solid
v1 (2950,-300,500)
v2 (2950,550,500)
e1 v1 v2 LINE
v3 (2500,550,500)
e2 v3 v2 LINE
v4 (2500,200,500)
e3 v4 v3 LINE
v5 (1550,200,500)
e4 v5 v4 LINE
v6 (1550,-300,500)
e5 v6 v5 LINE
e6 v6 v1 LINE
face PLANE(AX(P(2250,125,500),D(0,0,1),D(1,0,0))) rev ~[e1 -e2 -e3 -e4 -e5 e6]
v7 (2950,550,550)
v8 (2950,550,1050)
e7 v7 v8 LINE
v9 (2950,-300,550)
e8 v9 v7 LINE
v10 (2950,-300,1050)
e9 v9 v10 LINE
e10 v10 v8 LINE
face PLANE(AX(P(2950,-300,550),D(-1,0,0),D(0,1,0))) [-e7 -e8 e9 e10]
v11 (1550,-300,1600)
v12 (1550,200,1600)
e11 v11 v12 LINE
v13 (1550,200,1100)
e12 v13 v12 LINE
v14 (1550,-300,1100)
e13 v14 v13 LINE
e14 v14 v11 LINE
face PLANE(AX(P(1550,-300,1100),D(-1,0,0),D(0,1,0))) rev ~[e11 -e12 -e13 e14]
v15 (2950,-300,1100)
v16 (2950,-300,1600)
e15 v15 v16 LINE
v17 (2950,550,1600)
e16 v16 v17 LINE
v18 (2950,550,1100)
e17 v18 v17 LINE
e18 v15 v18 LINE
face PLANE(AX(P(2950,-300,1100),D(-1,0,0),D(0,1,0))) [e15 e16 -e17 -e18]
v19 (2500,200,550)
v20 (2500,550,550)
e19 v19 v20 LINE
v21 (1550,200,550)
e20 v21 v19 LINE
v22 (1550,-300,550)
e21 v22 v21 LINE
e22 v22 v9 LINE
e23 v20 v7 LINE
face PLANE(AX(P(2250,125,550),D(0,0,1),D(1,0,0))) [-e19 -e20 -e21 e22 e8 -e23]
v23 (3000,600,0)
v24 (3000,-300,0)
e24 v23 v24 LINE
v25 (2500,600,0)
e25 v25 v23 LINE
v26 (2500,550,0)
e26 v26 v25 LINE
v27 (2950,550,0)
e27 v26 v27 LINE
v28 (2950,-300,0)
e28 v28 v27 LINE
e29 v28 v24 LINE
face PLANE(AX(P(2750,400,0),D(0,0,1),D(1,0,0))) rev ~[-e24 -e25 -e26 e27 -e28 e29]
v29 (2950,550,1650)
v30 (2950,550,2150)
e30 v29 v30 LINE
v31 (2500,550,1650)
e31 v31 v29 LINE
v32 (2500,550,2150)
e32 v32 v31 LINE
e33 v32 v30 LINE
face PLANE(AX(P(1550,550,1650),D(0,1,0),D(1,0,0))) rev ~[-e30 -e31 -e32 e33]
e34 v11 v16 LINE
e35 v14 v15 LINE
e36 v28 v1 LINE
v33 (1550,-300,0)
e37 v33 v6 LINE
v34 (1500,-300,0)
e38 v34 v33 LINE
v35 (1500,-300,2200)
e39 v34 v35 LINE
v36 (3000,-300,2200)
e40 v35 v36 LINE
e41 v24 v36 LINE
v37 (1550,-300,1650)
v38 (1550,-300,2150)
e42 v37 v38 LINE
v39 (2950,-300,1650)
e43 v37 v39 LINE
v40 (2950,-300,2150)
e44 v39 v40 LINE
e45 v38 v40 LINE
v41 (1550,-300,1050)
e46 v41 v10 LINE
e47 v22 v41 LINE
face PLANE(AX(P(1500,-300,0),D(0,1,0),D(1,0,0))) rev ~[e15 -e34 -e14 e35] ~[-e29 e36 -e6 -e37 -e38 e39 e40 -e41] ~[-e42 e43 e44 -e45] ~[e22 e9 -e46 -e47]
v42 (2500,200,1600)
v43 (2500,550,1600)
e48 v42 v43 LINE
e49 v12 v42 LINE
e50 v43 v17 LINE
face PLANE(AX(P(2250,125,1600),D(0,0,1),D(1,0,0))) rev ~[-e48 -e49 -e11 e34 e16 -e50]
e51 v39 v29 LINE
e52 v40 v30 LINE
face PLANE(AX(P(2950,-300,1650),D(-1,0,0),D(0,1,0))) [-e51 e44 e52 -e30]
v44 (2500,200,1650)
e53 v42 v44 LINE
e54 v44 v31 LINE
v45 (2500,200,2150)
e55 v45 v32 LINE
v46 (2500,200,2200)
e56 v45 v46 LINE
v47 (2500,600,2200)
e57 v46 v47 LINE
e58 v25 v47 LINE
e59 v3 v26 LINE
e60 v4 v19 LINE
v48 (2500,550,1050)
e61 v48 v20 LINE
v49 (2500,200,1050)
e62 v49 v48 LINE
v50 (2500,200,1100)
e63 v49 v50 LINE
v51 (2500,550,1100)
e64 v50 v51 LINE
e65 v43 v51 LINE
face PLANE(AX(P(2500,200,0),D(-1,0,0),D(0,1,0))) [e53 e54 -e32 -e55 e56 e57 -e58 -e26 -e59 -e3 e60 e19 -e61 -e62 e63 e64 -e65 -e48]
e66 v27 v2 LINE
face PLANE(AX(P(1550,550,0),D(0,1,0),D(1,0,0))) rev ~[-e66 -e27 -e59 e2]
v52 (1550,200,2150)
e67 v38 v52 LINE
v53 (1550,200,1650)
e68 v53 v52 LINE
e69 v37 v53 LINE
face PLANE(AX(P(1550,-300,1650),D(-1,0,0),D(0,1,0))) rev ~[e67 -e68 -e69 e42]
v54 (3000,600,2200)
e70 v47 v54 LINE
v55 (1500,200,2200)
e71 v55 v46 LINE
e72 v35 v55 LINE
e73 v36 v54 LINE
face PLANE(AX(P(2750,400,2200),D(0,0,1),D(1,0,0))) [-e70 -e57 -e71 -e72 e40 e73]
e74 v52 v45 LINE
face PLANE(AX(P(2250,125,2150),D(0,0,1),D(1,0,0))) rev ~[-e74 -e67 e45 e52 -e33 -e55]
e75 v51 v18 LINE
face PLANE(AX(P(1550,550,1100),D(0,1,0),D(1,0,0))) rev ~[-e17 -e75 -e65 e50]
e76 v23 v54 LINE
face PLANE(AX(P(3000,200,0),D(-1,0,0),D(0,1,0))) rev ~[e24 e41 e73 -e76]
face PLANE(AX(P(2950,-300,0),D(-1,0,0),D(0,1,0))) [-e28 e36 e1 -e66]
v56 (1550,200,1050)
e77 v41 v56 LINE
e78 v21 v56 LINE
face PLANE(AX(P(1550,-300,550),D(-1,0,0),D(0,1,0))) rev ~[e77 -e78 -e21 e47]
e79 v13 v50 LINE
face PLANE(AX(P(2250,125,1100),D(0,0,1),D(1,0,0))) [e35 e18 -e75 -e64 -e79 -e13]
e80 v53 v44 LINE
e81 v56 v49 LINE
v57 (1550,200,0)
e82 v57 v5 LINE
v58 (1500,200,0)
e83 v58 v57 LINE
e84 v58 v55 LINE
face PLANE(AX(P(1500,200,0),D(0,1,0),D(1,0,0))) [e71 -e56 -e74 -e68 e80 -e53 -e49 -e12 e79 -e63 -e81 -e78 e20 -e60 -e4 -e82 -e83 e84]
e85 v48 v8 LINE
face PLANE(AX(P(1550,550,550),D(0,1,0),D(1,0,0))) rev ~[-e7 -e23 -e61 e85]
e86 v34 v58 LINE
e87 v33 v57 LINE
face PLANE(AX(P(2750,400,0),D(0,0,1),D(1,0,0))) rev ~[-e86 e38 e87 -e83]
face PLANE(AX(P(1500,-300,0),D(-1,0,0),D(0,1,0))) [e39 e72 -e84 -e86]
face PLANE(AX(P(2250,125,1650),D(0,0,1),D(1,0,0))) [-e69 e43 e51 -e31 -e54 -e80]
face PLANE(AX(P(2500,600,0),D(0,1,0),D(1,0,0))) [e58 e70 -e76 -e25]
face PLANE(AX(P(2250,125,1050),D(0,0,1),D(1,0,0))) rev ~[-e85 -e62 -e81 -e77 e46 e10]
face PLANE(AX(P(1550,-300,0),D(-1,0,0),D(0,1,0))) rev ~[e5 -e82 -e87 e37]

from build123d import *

# Parameters (mm, degrees)
BOX3529_W        = 1400
BOX3529_H        = 850
BOX3529_DEPTH    = 500
ARRAY281_Z_COUNT = 4
ARRAY281_Z_PITCH = 550
BOX3527_W        = 500
BOX3527_H        = 400
BOX3527_DEPTH    = 2200
BOX3528_W        = 1500
BOX3528_H        = 500
BOX3528_DEPTH    = 2200


with BuildPart() as array281:
    # Box3529 → Box3529 (new body)
    with BuildSketch(Plane(origin=(1550, -300, 0), x_dir=(1, 0, 0), z_dir=(0, 0, 1))):
        with Locations((700, 425)):
            Rectangle(BOX3529_W, BOX3529_H)
    extrude(amount=BOX3529_DEPTH)

    # Array281 Z: Array281 ×4


with BuildPart() as array281_1:
    add(array281.part)
    with Locations(*[(0, 0, i * ARRAY281_Z_PITCH) for i in range(1, ARRAY281_Z_COUNT)]):
        add(array281.part)


with BuildPart() as box3527:
    # Box3527 → Box3527 (new body)
    with BuildSketch(Plane(origin=(2500, 200, 0), x_dir=(1, 0, 0), z_dir=(0, 0, 1))):
        with Locations((250, 200)):
            Rectangle(BOX3527_W, BOX3527_H)
    extrude(amount=BOX3527_DEPTH)


with BuildPart() as cut003:
    # Box3528 → Box3528 (new body)
    with BuildSketch(Plane(origin=(1500, -300, 0), x_dir=(1, 0, 0), z_dir=(0, 0, 1))):
        with Locations((750, 250)):
            Rectangle(BOX3528_W, BOX3528_H)
    extrude(amount=BOX3528_DEPTH)

    # Fusion015: union Box3527
    add(box3527.part)

    # Cut003: cut Array281
    add(array281_1.part, mode=Mode.SUBTRACT)


solid = cut003.part
